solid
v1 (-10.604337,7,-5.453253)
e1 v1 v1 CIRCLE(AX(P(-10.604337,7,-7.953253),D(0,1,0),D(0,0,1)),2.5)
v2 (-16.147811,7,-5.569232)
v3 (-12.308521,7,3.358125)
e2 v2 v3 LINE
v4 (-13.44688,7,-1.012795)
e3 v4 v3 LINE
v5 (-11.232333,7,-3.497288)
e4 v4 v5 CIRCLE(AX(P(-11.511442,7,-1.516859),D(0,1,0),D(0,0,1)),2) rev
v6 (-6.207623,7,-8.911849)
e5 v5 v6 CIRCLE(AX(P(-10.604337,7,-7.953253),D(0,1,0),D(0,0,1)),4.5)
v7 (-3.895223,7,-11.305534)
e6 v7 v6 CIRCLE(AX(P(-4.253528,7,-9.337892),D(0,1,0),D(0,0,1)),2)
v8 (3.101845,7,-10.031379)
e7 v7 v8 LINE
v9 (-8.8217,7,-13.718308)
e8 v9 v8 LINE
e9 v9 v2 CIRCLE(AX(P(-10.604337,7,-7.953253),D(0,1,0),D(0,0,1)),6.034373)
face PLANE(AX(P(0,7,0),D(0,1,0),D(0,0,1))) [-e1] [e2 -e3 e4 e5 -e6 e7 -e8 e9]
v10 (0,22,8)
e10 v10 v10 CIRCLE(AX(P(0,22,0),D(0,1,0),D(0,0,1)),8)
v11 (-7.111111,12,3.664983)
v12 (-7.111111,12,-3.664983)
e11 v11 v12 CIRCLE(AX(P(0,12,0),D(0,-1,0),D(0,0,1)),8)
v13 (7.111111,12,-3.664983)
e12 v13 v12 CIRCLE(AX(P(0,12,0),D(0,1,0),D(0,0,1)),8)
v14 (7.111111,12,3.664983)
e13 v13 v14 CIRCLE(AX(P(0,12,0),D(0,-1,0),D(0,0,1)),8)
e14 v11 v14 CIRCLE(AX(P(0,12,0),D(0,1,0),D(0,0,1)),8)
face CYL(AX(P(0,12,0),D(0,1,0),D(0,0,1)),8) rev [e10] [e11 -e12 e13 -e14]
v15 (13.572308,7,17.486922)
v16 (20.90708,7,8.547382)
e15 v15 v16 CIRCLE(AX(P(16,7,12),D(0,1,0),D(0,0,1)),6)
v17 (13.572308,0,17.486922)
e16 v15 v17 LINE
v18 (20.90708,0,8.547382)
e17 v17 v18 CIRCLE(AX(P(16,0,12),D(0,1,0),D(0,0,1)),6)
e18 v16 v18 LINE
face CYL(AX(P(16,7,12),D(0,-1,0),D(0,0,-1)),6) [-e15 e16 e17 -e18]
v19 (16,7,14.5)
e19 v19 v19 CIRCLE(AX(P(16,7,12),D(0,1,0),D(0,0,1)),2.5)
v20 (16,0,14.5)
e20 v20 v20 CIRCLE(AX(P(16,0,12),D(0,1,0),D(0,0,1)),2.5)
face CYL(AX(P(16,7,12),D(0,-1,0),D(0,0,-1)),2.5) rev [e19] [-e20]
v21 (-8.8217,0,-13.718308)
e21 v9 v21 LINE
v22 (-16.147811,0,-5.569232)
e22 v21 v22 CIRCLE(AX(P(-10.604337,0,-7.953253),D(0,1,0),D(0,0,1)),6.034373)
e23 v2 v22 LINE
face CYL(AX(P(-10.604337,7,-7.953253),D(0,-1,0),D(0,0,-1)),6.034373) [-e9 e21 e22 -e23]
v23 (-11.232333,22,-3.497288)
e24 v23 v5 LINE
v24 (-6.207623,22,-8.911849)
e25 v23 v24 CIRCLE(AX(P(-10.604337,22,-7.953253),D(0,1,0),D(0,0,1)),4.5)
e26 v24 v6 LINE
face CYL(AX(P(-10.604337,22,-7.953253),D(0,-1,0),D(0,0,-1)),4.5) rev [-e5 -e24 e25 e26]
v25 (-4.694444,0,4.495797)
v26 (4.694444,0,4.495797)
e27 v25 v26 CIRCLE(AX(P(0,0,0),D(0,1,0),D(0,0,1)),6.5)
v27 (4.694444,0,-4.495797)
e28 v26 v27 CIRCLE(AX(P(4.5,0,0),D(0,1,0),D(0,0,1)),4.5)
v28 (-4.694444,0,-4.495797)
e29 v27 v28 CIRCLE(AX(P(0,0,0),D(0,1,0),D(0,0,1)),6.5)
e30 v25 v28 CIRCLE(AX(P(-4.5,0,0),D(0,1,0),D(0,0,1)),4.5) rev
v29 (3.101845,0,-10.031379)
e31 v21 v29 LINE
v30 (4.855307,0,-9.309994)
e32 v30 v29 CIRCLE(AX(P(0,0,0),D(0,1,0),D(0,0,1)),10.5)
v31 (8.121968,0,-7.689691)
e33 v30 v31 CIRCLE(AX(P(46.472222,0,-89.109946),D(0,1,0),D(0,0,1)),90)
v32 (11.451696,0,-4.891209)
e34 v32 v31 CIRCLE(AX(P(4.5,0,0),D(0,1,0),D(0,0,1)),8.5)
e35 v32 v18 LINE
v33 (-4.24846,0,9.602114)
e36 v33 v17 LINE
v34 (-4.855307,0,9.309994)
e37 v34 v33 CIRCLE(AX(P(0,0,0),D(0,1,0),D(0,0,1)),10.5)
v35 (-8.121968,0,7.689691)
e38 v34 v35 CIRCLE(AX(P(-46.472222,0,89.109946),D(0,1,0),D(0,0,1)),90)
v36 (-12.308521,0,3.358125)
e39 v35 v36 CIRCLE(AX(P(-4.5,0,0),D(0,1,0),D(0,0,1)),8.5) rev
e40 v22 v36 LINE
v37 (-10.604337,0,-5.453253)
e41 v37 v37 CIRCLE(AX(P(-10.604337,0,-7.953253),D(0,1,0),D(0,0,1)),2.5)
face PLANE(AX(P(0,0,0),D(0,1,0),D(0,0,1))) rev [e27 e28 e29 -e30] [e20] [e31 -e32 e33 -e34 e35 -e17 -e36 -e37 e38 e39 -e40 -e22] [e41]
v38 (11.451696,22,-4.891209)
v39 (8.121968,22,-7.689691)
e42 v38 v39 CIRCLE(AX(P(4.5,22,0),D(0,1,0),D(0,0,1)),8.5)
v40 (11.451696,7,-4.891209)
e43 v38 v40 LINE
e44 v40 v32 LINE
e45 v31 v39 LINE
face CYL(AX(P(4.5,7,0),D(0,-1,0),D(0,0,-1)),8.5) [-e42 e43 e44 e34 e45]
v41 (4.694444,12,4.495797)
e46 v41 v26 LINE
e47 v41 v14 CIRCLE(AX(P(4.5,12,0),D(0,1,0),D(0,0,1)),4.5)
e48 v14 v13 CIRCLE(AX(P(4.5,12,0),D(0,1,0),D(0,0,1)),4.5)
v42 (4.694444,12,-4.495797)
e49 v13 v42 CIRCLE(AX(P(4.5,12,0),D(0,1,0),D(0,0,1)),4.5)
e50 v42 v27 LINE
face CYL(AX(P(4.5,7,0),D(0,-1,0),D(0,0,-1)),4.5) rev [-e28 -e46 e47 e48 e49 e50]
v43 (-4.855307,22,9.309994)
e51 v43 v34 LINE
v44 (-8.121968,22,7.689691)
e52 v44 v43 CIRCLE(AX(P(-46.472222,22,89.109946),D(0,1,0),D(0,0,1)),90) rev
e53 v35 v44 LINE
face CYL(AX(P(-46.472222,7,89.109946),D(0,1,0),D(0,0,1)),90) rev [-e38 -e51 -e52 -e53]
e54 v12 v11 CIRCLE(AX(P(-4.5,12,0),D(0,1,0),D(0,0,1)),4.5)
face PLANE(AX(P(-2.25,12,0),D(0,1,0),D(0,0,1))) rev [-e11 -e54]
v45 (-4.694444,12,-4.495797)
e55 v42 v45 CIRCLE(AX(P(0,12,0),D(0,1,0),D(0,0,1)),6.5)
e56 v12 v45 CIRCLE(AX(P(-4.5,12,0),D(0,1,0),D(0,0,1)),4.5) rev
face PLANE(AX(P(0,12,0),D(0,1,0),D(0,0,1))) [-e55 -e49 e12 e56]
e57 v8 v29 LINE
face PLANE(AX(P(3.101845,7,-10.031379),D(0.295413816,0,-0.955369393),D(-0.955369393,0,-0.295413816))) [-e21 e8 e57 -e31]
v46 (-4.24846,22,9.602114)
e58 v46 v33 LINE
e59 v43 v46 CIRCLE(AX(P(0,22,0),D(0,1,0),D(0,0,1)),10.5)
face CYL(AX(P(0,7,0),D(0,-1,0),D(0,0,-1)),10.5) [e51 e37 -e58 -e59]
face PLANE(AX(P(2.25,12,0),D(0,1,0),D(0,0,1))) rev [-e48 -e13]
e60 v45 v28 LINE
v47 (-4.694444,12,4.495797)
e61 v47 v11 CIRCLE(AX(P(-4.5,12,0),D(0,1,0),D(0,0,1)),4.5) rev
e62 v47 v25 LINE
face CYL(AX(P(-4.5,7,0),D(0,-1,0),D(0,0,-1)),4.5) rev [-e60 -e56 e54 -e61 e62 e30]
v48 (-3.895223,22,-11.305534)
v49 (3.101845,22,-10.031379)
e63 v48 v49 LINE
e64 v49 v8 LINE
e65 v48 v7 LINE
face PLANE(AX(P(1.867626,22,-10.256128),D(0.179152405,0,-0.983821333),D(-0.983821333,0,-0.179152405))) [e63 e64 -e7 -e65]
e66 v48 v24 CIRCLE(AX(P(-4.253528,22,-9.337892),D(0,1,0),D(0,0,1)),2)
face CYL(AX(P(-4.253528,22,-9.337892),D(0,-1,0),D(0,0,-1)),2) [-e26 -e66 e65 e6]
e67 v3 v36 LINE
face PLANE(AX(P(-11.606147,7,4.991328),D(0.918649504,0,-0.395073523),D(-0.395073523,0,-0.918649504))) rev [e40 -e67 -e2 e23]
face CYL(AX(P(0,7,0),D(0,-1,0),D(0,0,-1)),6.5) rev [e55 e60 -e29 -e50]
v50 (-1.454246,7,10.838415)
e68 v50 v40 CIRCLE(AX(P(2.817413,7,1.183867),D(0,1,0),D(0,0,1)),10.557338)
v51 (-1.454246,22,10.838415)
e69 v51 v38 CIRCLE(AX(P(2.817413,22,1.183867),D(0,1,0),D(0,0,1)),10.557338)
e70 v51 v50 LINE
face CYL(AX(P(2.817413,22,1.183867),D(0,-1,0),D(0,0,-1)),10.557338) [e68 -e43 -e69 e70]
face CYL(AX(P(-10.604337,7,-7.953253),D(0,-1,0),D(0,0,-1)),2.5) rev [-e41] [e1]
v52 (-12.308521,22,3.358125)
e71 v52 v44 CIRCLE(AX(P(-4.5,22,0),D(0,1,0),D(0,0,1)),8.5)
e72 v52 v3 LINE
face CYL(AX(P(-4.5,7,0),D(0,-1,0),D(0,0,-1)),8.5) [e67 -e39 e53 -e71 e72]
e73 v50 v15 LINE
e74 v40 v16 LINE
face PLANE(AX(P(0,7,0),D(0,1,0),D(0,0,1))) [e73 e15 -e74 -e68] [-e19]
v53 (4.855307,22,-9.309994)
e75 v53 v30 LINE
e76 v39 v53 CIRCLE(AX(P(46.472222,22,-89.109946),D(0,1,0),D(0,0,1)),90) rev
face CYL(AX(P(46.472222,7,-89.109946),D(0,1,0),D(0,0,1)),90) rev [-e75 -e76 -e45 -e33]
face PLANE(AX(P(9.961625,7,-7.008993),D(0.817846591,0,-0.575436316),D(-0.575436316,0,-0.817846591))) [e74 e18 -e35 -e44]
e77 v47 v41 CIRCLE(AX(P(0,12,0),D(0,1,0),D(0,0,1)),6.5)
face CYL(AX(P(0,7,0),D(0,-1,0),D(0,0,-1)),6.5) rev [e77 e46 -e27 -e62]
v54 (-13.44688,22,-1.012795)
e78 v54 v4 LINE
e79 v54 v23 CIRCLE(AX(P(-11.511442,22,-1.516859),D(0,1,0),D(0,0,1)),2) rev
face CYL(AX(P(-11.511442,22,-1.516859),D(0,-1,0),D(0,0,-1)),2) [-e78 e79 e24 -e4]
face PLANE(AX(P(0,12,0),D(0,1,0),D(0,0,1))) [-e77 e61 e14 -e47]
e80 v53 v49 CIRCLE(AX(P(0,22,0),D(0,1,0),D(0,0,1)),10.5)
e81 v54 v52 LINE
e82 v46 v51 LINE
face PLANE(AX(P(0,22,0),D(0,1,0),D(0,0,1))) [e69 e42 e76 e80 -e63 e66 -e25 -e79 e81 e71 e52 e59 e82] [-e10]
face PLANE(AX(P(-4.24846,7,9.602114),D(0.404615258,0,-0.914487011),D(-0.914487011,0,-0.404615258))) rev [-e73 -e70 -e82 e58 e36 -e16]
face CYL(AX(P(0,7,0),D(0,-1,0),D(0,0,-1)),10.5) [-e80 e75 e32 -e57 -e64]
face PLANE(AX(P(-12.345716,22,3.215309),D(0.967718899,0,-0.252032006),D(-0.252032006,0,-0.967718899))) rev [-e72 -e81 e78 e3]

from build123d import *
from build123d.topology import SkipClean

# Parameters (mm, degrees)
SKETCH2_R           = 2.5
BOSS_EXTRUDE1_DEPTH = 7
FILLET1_R           = 90
BOSS_EXTRUDE3_DEPTH = 15
SKETCH4_R           = 8
CUT_EXTRUDE1_DEPTH  = 10
BOSS_EXTRUDE4_START = 10
BOSS_EXTRUDE4_DEPTH = 10


with BuildPart() as part:
    # Sketch2 → Boss-Extrude1 (new body)
    with BuildSketch(Plane(origin=(0, 0, 0), x_dir=(1, 0, 0), z_dir=(0, 1, 0))):
        with BuildLine():
            Line((-4.24846021, -9.602113613), (13.572308451, -17.486922065))
            ThreePointArc((13.572308451, -17.486922065), (20.638500285, -15.805826469), (20.907079545, -8.547382103))
            Line((20.907079545, -8.547382103), (11.451696022, 4.891208687))
            ThreePointArc((11.451696022, 4.891208687), (9.270724445, 7.034926316), (6.472222222, 8.268031175))
            ThreePointArc((6.472222222, 8.268031175), (4.86754966, 9.30359932), (3.101845071, 10.031378627))
            Line((3.101845071, 10.031378627), (-8.821699821, 13.718308443))
            ThreePointArc((-8.821699821, 13.718308443), (-15.091857172, 11.987583677), (-16.147811194, 5.569231667))
            Line((-16.147811194, 5.569231667), (-12.308520784, -3.358124948))
            ThreePointArc((-12.308520784, -3.358124948), (-9.971976629, -6.504419403), (-6.472222222, -8.268031175))
            ThreePointArc((-6.472222222, -8.268031175), (-5.401685102, -9.003987898), (-4.24846021, -9.602113613))
        make_face()
        with Locations(Location((16, -12, 0), (0, 0, 270))):
            Circle(SKETCH2_R, mode=Mode.SUBTRACT)
        with Locations(Location((-10.604337088, 7.953252816, 0), (0, 0, 270))):
            Circle(SKETCH2_R, mode=Mode.SUBTRACT)
        with BuildLine():
            ThreePointArc((-4.694444444, -4.495797077), (0, -6.5), (4.694444444, -4.495797077))
            ThreePointArc((4.694444444, -4.495797077), (9, 0), (4.694444444, 4.495797077))
            ThreePointArc((4.694444444, 4.495797077), (0, 6.5), (-4.694444444, 4.495797077))
            ThreePointArc((-4.694444444, 4.495797077), (-9, 0), (-4.694444444, -4.495797077))
        make_face(mode=Mode.SUBTRACT)
    extrude(amount=BOSS_EXTRUDE1_DEPTH)

    # Fillet1
    fillet1_edges = [part.edges().sort_by_distance(p)[0] for p in [
        (6.472222222, 3.5, -8.268031175),
        (-6.472222222, 3.5, 8.268031175),
    ]]
    fillet(fillet1_edges, radius=FILLET1_R)

    # Sketch3 → Boss-Extrude3 (add)
    with BuildSketch(Plane(origin=(0, 7, 0), x_dir=(1, 0, 0), z_dir=(0, 1, 0))):
        with BuildLine():
            Line((-13.446880098, 1.012795393), (-12.308520784, -3.358124948))
            ThreePointArc((-12.308520784, -3.358124948), (-10.611843956, -5.907229762), (-8.121968415, -7.689690813))
            ThreePointArc((-8.121968415, -7.689690813), (-6.480430757, -8.483296944), (-4.855306799, -9.309994408))
            ThreePointArc((-4.855306799, -9.309994408), (-4.554226262, -9.460920841), (-4.24846021, -9.602113613))
            Line((-4.24846021, -9.602113613), (-1.454246479, -10.838414946))
            ThreePointArc((-1.454246479, -10.838414946), (10.979115699, -7.880432641), (11.451696022, 4.891208687))
            ThreePointArc((11.451696022, 4.891208687), (9.968863726, 6.507036925), (8.121968415, 7.689690813))
            ThreePointArc((8.121968415, 7.689690813), (6.480430757, 8.483296944), (4.855306799, 9.309994408))
            ThreePointArc((4.855306799, 9.309994408), (3.994892398, 9.710346787), (3.101845071, 10.031378627))
            Line((3.101845071, 10.031378627), (-3.895223267, 11.305534387))
            ThreePointArc((-3.895223267, 11.305534387), (-5.691953988, 10.727471116), (-6.207623157, 8.911848981))
            ThreePointArc((-6.207623157, 8.911848981), (-7.30582589, 4.892236012), (-11.232333003, 3.497288147))
            ThreePointArc((-11.232333003, 3.497288147), (-13.004436636, 2.847636589), (-13.446880098, 1.012795393))
        make_face()
        with BuildLine():
            ThreePointArc((4.694444444, -4.495797077), (9, 0), (4.694444444, 4.495797077))
            ThreePointArc((4.694444444, 4.495797077), (0, 6.5), (-4.694444444, 4.495797077))
            ThreePointArc((-4.694444444, 4.495797077), (-9, 0), (-4.694444444, -4.495797077))
            ThreePointArc((-4.694444444, -4.495797077), (0, -6.5), (4.694444444, -4.495797077))
        make_face(mode=Mode.SUBTRACT)
    extrude(amount=BOSS_EXTRUDE3_DEPTH)

    # Sketch4 → Cut-Extrude1 (cut)
    with BuildSketch(Plane(origin=(0, 22, 0), x_dir=(1, 0, 0), z_dir=(0, 1, 0))):
        Circle(SKETCH4_R)
    extrude(amount=-CUT_EXTRUDE1_DEPTH, mode=Mode.SUBTRACT)

    # Sketch5 → Boss-Extrude4 (add)
    with SkipClean():  # the faces are left unmerged after this step: merging them gives an invalid solid
        with BuildSketch(Plane(origin=(0, 12, 0), x_dir=(1, 0, 0), z_dir=(0, 1, 0)).offset(BOSS_EXTRUDE4_START)):
            with BuildLine():
                ThreePointArc((-7.111111111, 3.664982778), (-8, 0), (-7.111111111, -3.664982778))
                ThreePointArc((-7.111111111, -3.664982778), (-9, 0), (-7.111111111, 3.664982778))
            make_face()
            with BuildLine():
                ThreePointArc((7.111111111, -3.664982778), (9, 0), (7.111111111, 3.664982778))
                ThreePointArc((7.111111111, 3.664982778), (8, 0), (7.111111111, -3.664982778))
            make_face()
        extrude(amount=-BOSS_EXTRUDE4_DEPTH)


solid = part.part
